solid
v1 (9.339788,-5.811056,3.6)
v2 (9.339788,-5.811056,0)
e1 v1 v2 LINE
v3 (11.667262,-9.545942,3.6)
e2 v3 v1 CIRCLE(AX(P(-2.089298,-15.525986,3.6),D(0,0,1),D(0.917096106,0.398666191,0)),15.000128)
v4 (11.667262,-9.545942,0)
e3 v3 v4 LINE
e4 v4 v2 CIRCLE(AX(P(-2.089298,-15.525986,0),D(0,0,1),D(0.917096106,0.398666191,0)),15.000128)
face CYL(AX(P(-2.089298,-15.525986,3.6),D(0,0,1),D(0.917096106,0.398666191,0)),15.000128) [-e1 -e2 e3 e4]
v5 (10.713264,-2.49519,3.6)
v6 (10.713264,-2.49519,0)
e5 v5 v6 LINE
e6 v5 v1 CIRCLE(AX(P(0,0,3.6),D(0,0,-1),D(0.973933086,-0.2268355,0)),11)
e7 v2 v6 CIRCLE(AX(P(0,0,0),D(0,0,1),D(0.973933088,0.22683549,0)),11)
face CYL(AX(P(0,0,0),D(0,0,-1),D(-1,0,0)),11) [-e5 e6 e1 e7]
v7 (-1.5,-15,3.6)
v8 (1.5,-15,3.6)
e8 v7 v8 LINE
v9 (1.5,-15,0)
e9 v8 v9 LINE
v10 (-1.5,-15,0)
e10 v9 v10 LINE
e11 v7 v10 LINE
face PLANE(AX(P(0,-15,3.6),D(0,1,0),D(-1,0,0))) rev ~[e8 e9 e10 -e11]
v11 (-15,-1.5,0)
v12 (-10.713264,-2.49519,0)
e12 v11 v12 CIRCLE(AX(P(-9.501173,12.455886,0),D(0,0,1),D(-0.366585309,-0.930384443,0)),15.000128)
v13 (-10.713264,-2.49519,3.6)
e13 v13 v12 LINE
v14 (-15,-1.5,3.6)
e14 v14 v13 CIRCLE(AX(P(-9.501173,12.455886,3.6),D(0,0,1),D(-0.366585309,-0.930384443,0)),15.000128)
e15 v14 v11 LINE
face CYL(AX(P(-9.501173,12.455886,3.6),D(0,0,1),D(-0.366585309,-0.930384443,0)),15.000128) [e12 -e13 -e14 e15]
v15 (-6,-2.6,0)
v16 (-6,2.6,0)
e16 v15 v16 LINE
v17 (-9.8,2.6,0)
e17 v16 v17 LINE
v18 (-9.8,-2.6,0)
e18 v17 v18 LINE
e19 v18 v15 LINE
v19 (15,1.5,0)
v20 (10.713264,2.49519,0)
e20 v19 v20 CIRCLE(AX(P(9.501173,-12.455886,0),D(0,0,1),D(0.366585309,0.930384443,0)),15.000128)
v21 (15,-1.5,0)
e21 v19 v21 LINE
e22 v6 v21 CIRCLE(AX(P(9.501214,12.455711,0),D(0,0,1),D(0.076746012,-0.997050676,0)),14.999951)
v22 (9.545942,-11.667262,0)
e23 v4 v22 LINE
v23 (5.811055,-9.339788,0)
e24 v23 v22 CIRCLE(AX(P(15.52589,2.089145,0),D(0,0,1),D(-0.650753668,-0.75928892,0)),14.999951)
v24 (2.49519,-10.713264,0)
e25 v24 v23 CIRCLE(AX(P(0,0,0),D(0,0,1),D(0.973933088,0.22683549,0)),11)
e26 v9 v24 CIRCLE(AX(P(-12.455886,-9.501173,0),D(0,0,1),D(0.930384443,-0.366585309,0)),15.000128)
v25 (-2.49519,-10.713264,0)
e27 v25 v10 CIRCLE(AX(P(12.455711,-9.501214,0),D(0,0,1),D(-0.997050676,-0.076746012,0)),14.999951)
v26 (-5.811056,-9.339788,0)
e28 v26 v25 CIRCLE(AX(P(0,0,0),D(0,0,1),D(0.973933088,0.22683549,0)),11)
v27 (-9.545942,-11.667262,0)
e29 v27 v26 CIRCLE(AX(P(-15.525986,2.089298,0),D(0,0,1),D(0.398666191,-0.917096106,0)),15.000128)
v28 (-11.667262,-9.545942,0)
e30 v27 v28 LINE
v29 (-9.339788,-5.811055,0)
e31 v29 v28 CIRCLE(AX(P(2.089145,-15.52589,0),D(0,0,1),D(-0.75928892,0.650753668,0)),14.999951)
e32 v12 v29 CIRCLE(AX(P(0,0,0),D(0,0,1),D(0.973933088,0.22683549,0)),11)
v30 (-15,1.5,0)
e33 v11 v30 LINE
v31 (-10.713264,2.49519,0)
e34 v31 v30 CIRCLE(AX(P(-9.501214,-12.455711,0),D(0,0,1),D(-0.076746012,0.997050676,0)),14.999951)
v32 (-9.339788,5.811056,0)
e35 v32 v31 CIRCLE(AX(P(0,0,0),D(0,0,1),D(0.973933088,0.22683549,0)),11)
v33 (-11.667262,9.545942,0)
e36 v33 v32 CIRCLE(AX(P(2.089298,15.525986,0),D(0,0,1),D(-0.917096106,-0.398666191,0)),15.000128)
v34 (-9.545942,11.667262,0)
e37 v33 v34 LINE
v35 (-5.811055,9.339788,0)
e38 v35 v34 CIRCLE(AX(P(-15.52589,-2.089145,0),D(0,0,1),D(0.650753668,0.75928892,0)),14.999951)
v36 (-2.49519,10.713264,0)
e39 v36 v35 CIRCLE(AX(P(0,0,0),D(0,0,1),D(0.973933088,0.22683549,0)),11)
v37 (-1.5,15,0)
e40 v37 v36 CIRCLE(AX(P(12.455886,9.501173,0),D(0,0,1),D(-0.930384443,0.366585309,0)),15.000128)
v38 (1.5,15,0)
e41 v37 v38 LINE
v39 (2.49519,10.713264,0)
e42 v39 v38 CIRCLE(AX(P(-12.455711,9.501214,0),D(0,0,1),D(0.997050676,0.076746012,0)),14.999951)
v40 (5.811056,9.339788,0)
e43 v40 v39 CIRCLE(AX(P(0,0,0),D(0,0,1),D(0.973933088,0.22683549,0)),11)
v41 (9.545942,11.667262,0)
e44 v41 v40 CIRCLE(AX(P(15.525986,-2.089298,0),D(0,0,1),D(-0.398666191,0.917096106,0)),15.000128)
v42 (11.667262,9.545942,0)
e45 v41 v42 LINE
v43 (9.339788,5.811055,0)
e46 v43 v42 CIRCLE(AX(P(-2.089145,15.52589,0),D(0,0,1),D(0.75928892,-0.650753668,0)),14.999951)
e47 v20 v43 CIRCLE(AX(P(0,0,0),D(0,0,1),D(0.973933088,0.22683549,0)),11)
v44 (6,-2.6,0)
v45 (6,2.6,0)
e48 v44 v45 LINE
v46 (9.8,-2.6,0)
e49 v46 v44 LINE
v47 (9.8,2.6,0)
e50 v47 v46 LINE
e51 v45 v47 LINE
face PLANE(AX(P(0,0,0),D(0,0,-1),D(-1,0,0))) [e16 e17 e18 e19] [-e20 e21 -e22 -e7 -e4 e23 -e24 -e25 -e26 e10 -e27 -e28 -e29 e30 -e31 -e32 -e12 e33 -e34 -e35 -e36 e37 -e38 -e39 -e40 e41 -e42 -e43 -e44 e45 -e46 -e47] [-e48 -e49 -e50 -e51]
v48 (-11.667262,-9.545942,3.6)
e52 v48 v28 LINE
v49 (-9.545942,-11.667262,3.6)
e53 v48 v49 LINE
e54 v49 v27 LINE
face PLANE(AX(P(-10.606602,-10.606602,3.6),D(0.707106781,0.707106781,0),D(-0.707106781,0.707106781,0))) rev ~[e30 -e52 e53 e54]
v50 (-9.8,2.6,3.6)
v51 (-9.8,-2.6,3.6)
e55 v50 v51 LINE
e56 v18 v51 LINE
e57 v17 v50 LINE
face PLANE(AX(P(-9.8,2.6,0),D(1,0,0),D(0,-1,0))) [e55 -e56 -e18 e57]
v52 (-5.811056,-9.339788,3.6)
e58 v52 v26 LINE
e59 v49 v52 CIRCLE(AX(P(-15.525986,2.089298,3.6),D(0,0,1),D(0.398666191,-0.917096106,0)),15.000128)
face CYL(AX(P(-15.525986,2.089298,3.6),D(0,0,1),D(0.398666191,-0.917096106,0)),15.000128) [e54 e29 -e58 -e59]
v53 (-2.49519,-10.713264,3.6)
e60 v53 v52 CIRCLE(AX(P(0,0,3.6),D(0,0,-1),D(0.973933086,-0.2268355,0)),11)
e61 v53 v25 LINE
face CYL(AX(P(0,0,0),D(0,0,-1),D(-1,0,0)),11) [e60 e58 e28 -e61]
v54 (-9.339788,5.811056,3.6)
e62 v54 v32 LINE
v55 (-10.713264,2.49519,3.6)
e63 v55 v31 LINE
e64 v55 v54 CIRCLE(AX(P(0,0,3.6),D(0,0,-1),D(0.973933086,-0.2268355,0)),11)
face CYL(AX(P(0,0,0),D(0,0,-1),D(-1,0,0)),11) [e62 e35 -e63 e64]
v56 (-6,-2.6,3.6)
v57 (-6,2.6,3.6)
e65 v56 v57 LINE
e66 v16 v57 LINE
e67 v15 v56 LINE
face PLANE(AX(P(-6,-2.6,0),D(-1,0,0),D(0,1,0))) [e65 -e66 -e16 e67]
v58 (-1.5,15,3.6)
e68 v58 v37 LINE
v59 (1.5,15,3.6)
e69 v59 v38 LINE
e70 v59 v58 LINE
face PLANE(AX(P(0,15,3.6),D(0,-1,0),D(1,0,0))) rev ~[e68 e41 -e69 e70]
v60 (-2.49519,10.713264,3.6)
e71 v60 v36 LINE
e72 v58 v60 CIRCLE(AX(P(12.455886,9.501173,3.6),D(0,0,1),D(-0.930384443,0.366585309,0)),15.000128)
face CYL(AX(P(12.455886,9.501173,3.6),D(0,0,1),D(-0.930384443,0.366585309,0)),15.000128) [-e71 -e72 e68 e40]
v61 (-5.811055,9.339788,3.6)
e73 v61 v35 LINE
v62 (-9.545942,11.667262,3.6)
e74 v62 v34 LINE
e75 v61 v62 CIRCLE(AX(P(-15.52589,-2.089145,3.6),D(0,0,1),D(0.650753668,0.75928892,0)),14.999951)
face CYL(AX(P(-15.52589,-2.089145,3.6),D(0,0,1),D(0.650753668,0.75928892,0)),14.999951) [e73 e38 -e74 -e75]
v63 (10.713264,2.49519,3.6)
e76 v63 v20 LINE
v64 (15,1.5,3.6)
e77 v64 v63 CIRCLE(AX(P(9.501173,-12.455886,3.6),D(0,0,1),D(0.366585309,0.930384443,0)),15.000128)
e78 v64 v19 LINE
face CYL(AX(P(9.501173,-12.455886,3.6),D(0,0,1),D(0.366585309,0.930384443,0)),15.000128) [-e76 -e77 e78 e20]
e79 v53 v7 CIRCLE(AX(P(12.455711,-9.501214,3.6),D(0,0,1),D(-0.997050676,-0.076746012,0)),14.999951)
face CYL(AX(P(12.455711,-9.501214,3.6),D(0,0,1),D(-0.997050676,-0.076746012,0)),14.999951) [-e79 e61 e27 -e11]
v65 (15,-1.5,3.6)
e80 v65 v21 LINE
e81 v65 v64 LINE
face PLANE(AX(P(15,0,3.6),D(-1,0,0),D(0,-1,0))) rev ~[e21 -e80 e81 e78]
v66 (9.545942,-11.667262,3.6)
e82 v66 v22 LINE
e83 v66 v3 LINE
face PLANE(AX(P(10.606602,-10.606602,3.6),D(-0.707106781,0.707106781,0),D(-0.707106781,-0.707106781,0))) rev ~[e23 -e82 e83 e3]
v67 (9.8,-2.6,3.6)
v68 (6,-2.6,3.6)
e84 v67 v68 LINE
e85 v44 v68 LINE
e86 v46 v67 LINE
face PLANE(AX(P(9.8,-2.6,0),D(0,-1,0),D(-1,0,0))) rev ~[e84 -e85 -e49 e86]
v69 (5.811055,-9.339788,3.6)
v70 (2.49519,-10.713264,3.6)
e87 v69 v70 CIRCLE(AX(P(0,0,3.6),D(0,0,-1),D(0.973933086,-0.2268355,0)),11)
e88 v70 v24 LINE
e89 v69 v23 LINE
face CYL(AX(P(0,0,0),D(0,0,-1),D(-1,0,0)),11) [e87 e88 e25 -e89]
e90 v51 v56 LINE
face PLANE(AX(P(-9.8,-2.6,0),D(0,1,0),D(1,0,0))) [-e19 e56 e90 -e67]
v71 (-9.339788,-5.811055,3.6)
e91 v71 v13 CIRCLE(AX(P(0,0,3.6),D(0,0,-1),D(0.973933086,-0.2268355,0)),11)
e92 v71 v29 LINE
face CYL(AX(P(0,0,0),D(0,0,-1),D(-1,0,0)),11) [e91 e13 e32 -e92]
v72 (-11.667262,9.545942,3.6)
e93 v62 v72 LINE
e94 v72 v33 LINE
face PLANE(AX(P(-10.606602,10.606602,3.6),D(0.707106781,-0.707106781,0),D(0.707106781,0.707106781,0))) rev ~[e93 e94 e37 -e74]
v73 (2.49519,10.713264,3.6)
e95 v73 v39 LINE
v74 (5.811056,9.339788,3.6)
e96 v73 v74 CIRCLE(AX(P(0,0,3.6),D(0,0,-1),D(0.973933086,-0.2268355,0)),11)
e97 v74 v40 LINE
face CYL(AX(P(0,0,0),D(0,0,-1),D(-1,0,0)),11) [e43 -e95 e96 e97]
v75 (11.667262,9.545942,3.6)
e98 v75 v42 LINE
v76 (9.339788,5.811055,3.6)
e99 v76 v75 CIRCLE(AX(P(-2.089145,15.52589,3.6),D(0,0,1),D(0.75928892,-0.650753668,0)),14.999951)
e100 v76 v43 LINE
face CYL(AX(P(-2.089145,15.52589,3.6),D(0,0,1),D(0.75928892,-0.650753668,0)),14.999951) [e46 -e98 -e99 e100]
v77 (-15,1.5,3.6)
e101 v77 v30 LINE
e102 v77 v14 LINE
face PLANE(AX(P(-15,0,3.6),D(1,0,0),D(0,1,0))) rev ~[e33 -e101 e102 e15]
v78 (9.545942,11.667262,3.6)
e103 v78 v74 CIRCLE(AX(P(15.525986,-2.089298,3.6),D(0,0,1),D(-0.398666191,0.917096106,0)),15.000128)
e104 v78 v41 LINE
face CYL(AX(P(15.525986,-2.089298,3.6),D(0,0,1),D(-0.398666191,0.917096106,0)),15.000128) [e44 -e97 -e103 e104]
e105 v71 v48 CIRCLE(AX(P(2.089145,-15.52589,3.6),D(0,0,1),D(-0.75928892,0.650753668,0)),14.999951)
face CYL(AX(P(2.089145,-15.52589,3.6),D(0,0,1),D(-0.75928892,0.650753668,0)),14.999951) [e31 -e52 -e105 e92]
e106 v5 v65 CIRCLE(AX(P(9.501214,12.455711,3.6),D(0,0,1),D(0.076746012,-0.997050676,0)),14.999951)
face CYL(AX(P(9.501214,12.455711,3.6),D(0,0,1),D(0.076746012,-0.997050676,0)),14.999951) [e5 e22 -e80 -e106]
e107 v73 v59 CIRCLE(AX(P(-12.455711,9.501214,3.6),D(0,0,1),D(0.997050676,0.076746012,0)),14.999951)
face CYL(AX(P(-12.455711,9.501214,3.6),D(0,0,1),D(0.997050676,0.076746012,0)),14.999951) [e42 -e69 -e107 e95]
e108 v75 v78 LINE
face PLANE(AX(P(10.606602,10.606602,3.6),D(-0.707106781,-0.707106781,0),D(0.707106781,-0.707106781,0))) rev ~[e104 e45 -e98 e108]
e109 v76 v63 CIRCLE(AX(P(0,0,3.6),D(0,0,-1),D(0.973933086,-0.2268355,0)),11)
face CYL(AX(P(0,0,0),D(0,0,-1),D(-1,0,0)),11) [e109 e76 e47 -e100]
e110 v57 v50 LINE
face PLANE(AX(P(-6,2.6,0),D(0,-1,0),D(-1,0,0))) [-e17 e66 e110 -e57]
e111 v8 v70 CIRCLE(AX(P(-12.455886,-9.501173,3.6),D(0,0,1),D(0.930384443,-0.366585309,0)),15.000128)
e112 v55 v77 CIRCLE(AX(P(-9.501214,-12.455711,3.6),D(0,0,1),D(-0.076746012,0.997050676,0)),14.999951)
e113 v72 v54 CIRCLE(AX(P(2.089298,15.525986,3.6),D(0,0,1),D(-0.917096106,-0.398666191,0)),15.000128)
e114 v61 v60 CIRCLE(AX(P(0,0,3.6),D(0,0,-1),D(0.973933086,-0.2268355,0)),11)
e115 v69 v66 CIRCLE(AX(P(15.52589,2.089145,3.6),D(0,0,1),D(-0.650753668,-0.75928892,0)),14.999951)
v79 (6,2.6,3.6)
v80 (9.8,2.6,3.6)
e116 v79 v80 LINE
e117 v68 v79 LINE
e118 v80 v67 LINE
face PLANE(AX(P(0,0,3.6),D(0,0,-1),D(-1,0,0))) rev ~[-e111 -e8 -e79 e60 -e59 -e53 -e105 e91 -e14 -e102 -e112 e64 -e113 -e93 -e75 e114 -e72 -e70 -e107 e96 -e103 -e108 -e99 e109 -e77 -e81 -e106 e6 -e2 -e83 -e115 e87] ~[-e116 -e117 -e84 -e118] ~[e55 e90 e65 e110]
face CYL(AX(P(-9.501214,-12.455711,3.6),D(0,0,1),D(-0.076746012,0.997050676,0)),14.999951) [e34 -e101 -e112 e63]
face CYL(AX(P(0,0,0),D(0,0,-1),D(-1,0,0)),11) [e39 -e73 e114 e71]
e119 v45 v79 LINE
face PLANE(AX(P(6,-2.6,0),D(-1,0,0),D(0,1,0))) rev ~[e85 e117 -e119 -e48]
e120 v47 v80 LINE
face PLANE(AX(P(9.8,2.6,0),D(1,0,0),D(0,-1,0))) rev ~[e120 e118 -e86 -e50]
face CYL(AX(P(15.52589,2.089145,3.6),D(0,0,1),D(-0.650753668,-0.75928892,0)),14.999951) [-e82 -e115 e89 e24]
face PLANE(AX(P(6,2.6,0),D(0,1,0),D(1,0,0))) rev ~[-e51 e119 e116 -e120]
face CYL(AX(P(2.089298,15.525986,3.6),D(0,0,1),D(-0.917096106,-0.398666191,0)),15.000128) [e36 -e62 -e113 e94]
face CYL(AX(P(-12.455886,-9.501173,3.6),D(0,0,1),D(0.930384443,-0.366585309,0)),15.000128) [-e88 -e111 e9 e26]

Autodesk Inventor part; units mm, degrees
ref_plane "YZ Plane" through (0, 0, 0) normal (1, 0, 0) x (0, 1, 0)
ref_plane "XZ Plane" through (0, 0, 0) normal (0, 1, 0) x (-1, 0, 0)
ref_plane "XY Plane" through (0, 0, 0) normal (0, 0, 1) x (1, 0, 0)
ref_plane "Work Plane1" through (0, 0, 0) normal (0, 0, -1) x (-1, 0, 0)
sketch "Sketch3" plane through (0, 0, 0) normal (0, 0, -1) x (-1, 0, 0)
  circle A0 centre (0, 0) radius 11
  line L0 (-15.4, 0) -> (15.4, 0) projected
  dimension "d19" = 22
extrude "Extrusion3" add sketch "Sketch3" against normal blind 3.6
sketch "Sketch4" plane through (0, 0, 3.6) normal (0, 0, 1) x (1, 0, 0)
  arc A0 (10.6524, -2.5) -> (10.6524, 2.5) centre (0, 0) ccw
  line L0 (-16.2075, 0) -> (20.2449, 0) projected
  line L1 (15, 0) -> (15, 1.5)
  arc A1 (15, 1.5) -> (10.6524, 2.5) centre (9.5012, -12.4558) ccw
  line L2 (15, 0) -> (15, -1.5)
  arc A2 (10.6524, -2.5) -> (15, -1.5) centre (9.5012, 12.4558) ccw
  dimension "d22" = 1.5
  dimension "d23" = 2.5
  dimension "d24" = 15
  dimension "d25" = 15
extrude "Extrusion4" add sketch "Sketch4" against normal blind 3.6
sketch "Sketch2" plane through (0, 0, 0) normal (0, 0, -1) x (-1, 0, 0)
  line L0 (-9.8, -2.6) -> (-6, -2.6)
  line L1 (-6, -2.6) -> (-6, 2.6)
  line L2 (-6, 2.6) -> (-9.8, 2.6)
  line L3 (-9.8, 2.6) -> (-9.8, -2.6)
  line L4 (-9.8, -2.6) -> (-6, 2.6) construction
  line L5 (-6, -2.6) -> (-9.8, 2.6) construction
  line L6 (0, -27.5637) -> (0, 32.5752)
  line L7 (9.8, -2.6) -> (6, -2.6)
  line L8 (6, -2.6) -> (6, 2.6)
  line L9 (6, 2.6) -> (9.8, 2.6)
  line L10 (9.8, 2.6) -> (9.8, -2.6)
  line L11 (9.8, -2.6) -> (6, 2.6) construction
  line L12 (6, -2.6) -> (9.8, 2.6) construction
  point P0 (-7.9, 0)
  point P1 (7.9, 0)
  point P2 (0, 0)
  dimension "d11" = 3.8
  dimension "d12" = 5.2
  dimension "d31" = 6
  dimension "d32" = 0
extrude "Extrusion2" cut sketch "Sketch2" against normal blind 3.6
pattern_circular "Circular Pattern1" count 8 over 360 about axis through (0, 0, 0) along (0, 0, 1) of "Extrusion4"
properties part number "tandwiel(ja)"
